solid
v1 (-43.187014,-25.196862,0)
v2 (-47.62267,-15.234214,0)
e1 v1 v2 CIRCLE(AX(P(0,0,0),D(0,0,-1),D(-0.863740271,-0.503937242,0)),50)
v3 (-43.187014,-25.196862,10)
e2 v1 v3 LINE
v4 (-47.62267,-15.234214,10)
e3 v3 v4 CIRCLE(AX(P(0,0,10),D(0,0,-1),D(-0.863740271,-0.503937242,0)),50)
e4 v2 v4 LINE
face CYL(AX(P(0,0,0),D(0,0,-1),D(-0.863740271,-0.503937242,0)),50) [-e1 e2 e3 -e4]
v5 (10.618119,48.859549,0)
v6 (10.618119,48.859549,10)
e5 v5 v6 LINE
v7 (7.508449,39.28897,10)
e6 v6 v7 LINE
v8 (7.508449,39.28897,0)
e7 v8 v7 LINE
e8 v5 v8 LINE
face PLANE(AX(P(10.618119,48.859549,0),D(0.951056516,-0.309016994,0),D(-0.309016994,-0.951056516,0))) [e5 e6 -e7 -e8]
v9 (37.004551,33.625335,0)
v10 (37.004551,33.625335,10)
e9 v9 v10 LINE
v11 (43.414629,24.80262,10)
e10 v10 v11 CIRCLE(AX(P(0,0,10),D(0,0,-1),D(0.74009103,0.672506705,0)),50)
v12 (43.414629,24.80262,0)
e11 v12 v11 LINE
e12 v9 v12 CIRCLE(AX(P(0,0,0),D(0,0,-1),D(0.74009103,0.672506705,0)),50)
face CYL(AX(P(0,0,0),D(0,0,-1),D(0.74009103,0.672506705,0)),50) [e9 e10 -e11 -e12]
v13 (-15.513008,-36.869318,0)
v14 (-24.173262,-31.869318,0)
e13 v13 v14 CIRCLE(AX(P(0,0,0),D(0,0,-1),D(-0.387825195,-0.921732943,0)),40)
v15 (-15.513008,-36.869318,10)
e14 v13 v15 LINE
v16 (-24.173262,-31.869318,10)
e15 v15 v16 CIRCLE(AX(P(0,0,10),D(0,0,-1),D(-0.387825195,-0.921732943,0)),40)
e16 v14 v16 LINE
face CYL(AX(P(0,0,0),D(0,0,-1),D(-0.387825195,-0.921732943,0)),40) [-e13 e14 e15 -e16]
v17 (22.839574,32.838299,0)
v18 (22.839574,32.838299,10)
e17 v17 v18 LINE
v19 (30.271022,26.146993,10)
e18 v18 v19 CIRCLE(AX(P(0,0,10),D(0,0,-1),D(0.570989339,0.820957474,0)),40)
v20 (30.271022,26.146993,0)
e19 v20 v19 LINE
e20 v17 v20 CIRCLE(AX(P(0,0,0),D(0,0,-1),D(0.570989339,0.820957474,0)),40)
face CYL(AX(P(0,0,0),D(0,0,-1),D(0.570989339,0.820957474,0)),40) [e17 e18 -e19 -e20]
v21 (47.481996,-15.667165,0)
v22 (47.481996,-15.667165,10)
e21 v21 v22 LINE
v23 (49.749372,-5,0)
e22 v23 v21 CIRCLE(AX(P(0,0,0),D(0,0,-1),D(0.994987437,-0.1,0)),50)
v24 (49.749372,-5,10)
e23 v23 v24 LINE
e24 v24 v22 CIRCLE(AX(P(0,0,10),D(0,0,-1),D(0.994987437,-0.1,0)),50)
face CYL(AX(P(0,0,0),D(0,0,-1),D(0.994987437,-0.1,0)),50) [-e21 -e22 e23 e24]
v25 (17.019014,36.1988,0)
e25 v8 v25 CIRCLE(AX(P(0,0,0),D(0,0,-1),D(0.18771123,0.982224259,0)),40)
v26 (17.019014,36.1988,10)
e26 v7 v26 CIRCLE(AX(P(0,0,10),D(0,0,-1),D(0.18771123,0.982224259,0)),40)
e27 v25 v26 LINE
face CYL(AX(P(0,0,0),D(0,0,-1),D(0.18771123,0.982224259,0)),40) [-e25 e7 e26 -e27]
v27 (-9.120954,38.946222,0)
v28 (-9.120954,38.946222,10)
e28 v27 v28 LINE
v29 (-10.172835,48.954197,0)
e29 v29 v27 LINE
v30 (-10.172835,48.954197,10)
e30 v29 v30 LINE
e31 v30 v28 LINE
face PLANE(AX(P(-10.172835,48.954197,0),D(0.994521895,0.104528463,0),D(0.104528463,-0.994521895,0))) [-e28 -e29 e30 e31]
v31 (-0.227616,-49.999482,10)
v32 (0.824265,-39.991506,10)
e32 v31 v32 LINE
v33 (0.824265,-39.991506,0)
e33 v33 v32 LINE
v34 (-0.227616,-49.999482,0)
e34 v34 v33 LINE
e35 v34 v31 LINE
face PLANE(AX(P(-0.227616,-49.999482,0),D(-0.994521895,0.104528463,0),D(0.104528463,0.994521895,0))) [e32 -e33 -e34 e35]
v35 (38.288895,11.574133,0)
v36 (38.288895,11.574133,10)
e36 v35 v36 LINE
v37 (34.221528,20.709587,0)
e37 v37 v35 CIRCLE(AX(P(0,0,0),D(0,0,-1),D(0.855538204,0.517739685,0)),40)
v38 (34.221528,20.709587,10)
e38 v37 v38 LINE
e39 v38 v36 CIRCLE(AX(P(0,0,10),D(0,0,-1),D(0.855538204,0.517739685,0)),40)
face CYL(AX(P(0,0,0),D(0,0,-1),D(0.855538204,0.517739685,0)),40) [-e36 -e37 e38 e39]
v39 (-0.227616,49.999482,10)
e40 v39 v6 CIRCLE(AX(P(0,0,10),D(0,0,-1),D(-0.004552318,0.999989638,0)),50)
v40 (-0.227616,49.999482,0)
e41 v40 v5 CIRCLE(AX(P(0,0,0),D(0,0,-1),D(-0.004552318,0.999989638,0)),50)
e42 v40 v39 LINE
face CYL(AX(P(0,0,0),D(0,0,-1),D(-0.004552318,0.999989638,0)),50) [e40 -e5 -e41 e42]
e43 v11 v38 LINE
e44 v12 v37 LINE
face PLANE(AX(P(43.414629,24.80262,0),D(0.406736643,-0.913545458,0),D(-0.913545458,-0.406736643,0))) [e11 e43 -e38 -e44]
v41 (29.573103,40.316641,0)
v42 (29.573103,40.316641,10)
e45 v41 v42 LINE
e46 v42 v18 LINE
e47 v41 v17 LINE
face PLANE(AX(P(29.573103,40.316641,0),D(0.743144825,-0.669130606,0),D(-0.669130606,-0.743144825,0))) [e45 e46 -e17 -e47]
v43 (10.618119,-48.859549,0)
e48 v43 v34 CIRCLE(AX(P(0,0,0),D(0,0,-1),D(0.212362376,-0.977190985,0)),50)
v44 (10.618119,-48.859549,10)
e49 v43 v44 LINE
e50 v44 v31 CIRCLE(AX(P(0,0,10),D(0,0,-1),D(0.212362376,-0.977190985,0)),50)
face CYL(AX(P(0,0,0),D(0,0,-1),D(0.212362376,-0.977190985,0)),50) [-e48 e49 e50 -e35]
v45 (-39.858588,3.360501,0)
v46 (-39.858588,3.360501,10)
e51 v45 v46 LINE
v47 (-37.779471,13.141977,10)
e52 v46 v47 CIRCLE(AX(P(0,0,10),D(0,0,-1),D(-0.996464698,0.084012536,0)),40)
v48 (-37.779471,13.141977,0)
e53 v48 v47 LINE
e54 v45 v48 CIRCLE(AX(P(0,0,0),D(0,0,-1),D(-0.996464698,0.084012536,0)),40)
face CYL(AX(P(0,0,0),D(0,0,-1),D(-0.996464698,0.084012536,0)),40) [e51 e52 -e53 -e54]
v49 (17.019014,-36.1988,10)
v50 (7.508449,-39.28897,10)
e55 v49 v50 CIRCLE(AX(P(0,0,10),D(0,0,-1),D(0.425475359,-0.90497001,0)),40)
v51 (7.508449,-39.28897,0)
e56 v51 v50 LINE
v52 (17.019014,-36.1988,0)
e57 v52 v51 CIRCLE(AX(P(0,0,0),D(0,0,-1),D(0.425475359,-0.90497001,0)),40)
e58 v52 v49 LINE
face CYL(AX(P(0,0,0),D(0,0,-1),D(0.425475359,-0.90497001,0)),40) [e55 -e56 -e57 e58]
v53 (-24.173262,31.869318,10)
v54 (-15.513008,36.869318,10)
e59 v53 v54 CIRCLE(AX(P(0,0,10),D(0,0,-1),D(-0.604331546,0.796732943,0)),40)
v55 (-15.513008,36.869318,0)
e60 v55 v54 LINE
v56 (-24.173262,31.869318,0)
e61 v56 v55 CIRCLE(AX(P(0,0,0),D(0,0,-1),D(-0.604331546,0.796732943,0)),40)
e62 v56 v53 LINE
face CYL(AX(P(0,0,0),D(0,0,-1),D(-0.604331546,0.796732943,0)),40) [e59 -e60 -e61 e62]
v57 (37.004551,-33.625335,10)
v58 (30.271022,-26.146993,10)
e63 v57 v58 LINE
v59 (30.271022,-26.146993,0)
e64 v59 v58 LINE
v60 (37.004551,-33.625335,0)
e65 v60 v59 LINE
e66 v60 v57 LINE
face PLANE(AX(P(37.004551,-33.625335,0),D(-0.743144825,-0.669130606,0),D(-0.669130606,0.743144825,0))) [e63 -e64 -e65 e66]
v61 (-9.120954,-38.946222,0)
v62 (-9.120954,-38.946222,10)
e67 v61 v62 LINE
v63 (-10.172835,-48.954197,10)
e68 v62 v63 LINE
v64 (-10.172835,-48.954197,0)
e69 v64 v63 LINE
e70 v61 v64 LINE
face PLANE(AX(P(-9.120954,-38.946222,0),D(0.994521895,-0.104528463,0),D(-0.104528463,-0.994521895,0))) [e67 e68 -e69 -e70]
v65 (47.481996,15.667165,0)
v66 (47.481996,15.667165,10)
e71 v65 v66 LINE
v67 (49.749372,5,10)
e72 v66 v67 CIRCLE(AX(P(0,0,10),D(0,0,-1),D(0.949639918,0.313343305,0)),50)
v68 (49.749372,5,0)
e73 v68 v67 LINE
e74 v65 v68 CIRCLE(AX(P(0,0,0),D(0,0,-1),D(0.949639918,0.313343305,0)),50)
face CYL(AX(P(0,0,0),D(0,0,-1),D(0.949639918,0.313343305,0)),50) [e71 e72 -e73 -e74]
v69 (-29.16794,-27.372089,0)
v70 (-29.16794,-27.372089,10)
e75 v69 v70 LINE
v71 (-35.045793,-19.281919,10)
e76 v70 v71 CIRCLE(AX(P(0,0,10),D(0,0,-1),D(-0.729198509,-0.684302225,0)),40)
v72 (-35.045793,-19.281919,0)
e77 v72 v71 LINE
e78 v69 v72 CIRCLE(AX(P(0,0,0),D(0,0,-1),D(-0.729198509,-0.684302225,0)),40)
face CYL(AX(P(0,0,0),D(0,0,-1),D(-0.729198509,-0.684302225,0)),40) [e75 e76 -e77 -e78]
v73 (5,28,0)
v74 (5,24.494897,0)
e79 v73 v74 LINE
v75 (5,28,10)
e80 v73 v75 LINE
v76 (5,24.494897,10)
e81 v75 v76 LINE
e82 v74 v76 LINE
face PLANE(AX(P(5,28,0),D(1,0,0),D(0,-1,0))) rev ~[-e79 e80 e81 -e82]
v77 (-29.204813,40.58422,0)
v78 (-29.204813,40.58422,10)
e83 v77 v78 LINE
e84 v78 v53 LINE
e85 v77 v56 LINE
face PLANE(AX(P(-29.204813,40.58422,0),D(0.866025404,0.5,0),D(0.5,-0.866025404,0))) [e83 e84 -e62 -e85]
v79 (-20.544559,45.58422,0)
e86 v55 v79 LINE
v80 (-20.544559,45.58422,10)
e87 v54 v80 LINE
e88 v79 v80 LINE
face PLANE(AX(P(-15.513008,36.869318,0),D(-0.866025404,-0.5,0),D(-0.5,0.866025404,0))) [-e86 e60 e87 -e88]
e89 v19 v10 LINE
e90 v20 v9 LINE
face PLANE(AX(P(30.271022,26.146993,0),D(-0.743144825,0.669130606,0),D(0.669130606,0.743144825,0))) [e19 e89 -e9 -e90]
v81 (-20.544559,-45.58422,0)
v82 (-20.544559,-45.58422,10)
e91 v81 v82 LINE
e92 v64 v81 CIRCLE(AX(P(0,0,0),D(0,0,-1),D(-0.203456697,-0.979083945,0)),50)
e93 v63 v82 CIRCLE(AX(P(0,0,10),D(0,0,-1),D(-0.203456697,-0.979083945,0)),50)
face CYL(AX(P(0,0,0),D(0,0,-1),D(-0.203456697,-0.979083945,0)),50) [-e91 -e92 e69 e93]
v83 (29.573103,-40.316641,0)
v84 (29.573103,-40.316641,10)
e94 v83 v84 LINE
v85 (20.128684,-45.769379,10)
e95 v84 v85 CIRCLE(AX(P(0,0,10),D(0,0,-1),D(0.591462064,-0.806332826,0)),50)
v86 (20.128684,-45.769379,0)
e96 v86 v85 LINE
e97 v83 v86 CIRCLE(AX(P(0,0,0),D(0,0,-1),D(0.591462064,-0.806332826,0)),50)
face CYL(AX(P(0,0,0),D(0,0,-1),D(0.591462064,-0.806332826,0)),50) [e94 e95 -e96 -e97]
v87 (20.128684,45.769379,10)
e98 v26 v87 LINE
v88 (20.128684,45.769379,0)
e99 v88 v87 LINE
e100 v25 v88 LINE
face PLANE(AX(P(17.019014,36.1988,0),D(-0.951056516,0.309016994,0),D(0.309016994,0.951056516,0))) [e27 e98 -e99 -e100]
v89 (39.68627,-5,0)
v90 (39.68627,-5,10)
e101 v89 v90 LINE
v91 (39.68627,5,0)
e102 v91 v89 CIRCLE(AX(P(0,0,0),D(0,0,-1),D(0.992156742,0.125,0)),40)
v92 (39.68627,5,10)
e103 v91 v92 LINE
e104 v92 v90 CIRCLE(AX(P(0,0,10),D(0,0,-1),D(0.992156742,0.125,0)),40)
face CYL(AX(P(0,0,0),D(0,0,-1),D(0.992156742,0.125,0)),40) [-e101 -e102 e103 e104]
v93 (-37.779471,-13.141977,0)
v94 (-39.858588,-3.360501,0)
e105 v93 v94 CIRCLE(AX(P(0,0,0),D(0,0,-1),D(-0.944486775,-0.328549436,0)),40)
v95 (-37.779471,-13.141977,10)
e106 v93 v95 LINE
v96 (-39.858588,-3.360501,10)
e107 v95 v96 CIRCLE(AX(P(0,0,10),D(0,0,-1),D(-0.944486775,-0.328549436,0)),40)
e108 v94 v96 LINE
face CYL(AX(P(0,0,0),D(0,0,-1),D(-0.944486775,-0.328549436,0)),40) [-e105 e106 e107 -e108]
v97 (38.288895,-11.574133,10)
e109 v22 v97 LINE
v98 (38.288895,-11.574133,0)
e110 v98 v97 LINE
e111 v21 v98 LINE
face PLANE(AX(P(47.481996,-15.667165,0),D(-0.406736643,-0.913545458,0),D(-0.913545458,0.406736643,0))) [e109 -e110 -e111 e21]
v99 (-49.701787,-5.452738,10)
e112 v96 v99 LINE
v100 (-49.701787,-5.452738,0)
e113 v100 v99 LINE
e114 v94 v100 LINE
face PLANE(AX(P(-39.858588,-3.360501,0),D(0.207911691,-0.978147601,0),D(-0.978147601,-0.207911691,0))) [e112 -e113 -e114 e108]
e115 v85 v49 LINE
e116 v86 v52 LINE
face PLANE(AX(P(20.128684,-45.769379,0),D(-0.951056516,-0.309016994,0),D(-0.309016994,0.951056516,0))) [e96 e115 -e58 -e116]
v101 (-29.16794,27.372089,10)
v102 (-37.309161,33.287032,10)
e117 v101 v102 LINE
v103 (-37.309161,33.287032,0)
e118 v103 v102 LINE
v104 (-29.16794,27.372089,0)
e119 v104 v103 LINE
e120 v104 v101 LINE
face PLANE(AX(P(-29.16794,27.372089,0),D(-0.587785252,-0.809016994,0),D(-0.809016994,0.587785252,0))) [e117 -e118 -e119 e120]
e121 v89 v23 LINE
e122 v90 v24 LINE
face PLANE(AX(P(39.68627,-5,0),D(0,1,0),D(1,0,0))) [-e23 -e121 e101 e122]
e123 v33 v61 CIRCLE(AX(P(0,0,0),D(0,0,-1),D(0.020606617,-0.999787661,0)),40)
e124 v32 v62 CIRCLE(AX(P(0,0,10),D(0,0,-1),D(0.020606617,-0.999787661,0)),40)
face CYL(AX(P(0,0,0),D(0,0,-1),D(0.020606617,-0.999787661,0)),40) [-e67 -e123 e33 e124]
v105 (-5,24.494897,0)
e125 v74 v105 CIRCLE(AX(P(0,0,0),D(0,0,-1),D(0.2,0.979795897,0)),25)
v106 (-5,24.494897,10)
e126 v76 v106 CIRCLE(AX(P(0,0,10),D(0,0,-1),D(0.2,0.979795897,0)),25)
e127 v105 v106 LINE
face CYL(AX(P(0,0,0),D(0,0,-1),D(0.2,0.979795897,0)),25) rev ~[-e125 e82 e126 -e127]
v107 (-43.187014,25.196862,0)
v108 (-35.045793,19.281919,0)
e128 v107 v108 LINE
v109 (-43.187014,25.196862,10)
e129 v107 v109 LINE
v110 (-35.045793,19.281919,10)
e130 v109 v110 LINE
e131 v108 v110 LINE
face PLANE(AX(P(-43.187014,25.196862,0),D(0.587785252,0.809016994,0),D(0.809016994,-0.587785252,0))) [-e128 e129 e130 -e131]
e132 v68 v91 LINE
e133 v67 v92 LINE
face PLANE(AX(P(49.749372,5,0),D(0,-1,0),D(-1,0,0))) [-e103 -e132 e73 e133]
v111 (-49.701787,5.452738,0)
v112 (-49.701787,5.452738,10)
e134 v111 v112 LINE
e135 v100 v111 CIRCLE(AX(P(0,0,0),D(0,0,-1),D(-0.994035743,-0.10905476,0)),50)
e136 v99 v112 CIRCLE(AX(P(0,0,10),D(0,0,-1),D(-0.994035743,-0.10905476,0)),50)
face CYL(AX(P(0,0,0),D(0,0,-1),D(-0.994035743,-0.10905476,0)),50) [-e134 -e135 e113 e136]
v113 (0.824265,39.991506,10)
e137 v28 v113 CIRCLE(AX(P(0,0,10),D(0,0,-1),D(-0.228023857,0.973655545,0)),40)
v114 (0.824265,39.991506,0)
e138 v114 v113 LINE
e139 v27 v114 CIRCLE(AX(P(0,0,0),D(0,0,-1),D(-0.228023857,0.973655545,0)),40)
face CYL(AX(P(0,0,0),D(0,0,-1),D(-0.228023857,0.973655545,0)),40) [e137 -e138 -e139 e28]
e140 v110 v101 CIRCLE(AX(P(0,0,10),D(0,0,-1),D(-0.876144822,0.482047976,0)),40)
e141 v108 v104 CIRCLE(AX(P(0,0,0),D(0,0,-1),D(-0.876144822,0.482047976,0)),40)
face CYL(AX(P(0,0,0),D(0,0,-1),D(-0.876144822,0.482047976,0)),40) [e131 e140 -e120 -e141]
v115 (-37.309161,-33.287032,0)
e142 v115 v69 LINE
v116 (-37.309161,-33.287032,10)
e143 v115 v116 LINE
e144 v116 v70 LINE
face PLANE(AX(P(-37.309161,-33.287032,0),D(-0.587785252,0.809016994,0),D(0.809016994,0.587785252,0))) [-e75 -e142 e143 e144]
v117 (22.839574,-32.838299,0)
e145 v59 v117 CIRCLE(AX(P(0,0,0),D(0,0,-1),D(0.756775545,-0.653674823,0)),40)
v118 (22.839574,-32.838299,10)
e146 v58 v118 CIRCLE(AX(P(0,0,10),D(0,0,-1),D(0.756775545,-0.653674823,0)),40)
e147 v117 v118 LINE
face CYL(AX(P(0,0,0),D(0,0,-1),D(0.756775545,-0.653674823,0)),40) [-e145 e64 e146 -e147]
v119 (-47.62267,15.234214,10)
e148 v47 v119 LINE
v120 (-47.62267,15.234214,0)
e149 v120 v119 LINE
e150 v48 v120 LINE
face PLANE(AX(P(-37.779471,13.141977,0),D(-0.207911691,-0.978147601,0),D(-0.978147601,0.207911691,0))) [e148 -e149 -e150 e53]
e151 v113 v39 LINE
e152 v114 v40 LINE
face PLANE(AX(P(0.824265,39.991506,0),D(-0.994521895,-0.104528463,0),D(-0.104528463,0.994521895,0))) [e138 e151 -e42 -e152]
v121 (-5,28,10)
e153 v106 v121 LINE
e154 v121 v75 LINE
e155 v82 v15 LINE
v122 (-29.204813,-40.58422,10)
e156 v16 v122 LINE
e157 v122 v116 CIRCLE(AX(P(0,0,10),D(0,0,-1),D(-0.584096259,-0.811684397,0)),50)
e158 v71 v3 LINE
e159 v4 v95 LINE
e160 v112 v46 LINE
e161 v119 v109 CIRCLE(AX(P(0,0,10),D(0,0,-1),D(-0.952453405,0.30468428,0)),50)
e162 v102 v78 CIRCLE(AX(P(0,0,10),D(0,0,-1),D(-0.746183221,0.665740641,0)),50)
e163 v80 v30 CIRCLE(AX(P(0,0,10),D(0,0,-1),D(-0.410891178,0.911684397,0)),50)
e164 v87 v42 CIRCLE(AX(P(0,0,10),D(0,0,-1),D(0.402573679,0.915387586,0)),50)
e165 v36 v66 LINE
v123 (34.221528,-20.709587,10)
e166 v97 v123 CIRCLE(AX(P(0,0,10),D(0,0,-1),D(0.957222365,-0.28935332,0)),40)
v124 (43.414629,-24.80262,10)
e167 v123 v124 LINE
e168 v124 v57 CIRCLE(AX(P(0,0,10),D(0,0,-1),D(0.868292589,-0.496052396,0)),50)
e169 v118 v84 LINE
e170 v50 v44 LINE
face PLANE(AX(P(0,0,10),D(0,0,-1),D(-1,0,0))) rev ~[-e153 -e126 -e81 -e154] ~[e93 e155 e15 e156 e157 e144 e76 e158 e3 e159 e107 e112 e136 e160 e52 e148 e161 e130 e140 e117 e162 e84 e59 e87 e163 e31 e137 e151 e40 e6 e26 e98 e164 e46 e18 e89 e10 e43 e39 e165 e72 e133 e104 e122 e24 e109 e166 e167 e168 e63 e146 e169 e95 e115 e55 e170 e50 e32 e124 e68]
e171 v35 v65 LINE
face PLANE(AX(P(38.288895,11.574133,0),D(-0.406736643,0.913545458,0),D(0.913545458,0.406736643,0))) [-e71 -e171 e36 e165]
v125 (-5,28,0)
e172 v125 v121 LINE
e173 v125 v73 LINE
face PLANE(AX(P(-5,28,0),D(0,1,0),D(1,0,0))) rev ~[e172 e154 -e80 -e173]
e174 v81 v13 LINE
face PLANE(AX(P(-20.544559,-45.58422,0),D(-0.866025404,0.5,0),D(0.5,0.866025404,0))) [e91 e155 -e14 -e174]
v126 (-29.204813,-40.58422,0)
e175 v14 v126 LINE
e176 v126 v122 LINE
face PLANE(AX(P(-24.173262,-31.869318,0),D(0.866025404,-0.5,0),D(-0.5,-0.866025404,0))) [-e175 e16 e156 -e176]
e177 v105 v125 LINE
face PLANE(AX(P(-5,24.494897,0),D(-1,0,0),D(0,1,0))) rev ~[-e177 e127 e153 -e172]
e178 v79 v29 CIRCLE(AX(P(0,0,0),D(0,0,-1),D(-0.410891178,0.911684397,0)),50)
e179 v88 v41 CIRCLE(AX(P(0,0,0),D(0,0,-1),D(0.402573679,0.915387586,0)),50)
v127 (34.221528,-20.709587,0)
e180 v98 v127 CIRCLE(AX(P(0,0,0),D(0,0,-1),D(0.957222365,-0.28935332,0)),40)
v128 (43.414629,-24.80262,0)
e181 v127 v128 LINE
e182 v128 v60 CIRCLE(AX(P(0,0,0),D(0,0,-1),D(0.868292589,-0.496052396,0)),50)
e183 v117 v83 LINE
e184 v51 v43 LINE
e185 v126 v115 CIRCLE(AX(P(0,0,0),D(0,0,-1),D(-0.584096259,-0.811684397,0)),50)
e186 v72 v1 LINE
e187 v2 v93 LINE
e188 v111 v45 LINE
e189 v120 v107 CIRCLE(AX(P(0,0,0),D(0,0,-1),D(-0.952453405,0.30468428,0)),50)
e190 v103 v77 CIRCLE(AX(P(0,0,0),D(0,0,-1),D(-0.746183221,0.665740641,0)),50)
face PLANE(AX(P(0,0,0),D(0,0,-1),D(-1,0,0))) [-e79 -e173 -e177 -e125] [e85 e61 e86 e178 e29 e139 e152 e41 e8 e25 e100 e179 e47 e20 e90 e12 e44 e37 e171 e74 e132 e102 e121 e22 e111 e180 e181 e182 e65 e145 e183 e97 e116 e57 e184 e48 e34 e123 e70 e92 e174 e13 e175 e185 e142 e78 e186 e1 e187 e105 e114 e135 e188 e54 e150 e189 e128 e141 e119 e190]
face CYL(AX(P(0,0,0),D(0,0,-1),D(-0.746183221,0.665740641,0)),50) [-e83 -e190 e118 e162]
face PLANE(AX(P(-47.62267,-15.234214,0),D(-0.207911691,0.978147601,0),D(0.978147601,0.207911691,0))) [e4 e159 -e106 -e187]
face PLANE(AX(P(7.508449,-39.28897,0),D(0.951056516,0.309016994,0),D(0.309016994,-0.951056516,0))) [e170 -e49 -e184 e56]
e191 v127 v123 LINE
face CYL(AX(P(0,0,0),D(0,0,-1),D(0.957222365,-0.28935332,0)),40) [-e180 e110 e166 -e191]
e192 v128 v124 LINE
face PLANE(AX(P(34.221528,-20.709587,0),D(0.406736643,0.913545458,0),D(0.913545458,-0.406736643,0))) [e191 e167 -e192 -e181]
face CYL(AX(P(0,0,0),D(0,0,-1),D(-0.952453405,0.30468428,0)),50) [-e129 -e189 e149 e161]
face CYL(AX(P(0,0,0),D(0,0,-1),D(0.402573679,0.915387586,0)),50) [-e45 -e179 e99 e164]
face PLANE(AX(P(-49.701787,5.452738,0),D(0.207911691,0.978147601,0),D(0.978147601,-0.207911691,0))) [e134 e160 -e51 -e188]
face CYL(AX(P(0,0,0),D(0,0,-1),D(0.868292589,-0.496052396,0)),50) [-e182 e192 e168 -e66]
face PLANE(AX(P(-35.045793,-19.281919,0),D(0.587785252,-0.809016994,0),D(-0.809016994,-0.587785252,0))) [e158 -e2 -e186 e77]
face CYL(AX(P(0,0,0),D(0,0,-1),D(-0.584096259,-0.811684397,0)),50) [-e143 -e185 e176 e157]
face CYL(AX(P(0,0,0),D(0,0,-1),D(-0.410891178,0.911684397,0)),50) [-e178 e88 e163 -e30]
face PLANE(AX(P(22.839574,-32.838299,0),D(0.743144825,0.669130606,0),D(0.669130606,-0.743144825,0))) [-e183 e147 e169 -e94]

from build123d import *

# Parameters (mm, degrees)
BOSS_EXTRUDE2_DEPTH = 10


with BuildPart() as part:
    # Sketch1 → Boss-Extrude2 (new body)
    with BuildSketch(Plane.XY):
        with BuildLine():
            Line((39.686269666, -5), (49.749371855, -5))
            ThreePointArc((49.749371855, -5), (48.907380037, -10.395584541), (47.481995894, -15.667165215))
            Line((47.481995894, -15.667165215), (38.2888946, -11.574132812))
            ThreePointArc((38.2888946, -11.574132812), (36.541818306, -16.269465723), (34.221528169, -20.709587388))
            Line((34.221528169, -20.709587388), (43.414629464, -24.802619792))
            ThreePointArc((43.414629464, -24.802619792), (40.450849719, -29.389262615), (37.004551483, -33.625335233))
            Line((37.004551483, -33.625335233), (30.271021813, -26.146992913))
            ThreePointArc((30.271021813, -26.146992913), (26.765224254, -29.725793019), (22.839573558, -32.838298977))
            Line((22.839573558, -32.838298977), (29.573103228, -40.316641297))
            ThreePointArc((29.573103228, -40.316641297), (25, -43.301270189), (20.128683944, -45.769379313))
            Line((20.128683944, -45.769379313), (17.019014352, -36.198800401))
            ThreePointArc((17.019014352, -36.198800401), (12.360679775, -38.042260652), (7.508449189, -39.288970345))
            Line((7.508449189, -39.288970345), (10.618118781, -48.859549256))
            ThreePointArc((10.618118781, -48.859549256), (5.226423163, -49.726094768), (-0.227615912, -49.999481907))
            Line((-0.227615912, -49.999481907), (0.824264696, -39.991506445))
            ThreePointArc((0.824264696, -39.991506445), (-4.181138531, -39.780875815), (-9.120954258, -38.946221812))
            Line((-9.120954258, -38.946221812), (-10.172834865, -48.954197275))
            ThreePointArc((-10.172834865, -48.954197275), (-15.450849719, -47.552825815), (-20.544558909, -45.584219849))
            Line((-20.544558909, -45.584219849), (-15.513007814, -36.869317712))
            ThreePointArc((-15.513007814, -36.869317712), (-20, -34.641016151), (-24.173261852, -31.869317712))
            Line((-24.173261852, -31.869317712), (-29.204812947, -40.584219849))
            ThreePointArc((-29.204812947, -40.584219849), (-33.456530318, -37.157241274), (-37.309161029, -33.287032059))
            Line((-37.309161029, -33.287032059), (-29.167940342, -27.372089))
            ThreePointArc((-29.167940342, -27.372089), (-32.360679775, -23.511410092), (-35.045792865, -19.281919056))
            Line((-35.045792865, -19.281919056), (-43.187013552, -25.196862116))
            ThreePointArc((-43.187013552, -25.196862116), (-45.677272882, -20.336832154), (-47.622670264, -15.234214023))
            Line((-47.622670264, -15.234214023), (-37.779471002, -13.141977432))
            ThreePointArc((-37.779471002, -13.141977432), (-39.125904029, -8.316467633), (-39.85858791, -3.360501425))
            Line((-39.85858791, -3.360501425), (-49.701787172, -5.452738016))
            ThreePointArc((-49.701787172, -5.452738016), (-50, 0), (-49.701787172, 5.452738016))
            Line((-49.701787172, 5.452738016), (-39.85858791, 3.360501425))
            ThreePointArc((-39.85858791, 3.360501425), (-39.125904029, 8.316467633), (-37.779471002, 13.141977432))
            Line((-37.779471002, 13.141977432), (-47.622670264, 15.234214023))
            ThreePointArc((-47.622670264, 15.234214023), (-45.677272882, 20.336832154), (-43.187013552, 25.196862116))
            Line((-43.187013552, 25.196862116), (-35.045792865, 19.281919056))
            ThreePointArc((-35.045792865, 19.281919056), (-32.360679775, 23.511410092), (-29.167940342, 27.372089))
            Line((-29.167940342, 27.372089), (-37.309161029, 33.287032059))
            ThreePointArc((-37.309161029, 33.287032059), (-33.456530318, 37.157241274), (-29.204812947, 40.584219849))
            Line((-29.204812947, 40.584219849), (-24.173261852, 31.869317712))
            ThreePointArc((-24.173261852, 31.869317712), (-20, 34.641016151), (-15.513007814, 36.869317712))
            Line((-15.513007814, 36.869317712), (-20.544558909, 45.584219849))
            ThreePointArc((-20.544558909, 45.584219849), (-15.450849719, 47.552825815), (-10.172834865, 48.954197275))
            Line((-10.172834865, 48.954197275), (-9.120954258, 38.946221812))
            ThreePointArc((-9.120954258, 38.946221812), (-4.181138531, 39.780875815), (0.824264696, 39.991506445))
            Line((0.824264696, 39.991506445), (-0.227615912, 49.999481907))
            ThreePointArc((-0.227615912, 49.999481907), (5.226423163, 49.726094768), (10.618118781, 48.859549256))
            Line((10.618118781, 48.859549256), (7.508449189, 39.288970345))
            ThreePointArc((7.508449189, 39.288970345), (12.360679775, 38.042260652), (17.019014352, 36.198800401))
            Line((17.019014352, 36.198800401), (20.128683944, 45.769379313))
            ThreePointArc((20.128683944, 45.769379313), (25, 43.301270189), (29.573103228, 40.316641297))
            Line((29.573103228, 40.316641297), (22.839573558, 32.838298977))
            ThreePointArc((22.839573558, 32.838298977), (26.765224254, 29.725793019), (30.271021813, 26.146992913))
            Line((30.271021813, 26.146992913), (37.004551483, 33.625335233))
            ThreePointArc((37.004551483, 33.625335233), (40.450849719, 29.389262615), (43.414629464, 24.802619792))
            Line((43.414629464, 24.802619792), (34.221528169, 20.709587388))
            ThreePointArc((34.221528169, 20.709587388), (36.541818306, 16.269465723), (38.2888946, 11.574132812))
            Line((38.2888946, 11.574132812), (47.481995894, 15.667165215))
            ThreePointArc((47.481995894, 15.667165215), (48.907380037, 10.395584541), (49.749371855, 5))
            Line((49.749371855, 5), (39.686269666, 5))
            ThreePointArc((39.686269666, 5), (40, 0), (39.686269666, -5))
        make_face()
        with BuildLine():
            Line((-5, 24.494897428), (-5, 28))
            Line((-5, 28), (5, 28))
            Line((5, 28), (5, 24.494897428))
            ThreePointArc((5, 24.494897428), (0, -25), (-5, 24.494897428))
        make_face(mode=Mode.SUBTRACT)
    extrude(amount=BOSS_EXTRUDE2_DEPTH)


solid = part.part
